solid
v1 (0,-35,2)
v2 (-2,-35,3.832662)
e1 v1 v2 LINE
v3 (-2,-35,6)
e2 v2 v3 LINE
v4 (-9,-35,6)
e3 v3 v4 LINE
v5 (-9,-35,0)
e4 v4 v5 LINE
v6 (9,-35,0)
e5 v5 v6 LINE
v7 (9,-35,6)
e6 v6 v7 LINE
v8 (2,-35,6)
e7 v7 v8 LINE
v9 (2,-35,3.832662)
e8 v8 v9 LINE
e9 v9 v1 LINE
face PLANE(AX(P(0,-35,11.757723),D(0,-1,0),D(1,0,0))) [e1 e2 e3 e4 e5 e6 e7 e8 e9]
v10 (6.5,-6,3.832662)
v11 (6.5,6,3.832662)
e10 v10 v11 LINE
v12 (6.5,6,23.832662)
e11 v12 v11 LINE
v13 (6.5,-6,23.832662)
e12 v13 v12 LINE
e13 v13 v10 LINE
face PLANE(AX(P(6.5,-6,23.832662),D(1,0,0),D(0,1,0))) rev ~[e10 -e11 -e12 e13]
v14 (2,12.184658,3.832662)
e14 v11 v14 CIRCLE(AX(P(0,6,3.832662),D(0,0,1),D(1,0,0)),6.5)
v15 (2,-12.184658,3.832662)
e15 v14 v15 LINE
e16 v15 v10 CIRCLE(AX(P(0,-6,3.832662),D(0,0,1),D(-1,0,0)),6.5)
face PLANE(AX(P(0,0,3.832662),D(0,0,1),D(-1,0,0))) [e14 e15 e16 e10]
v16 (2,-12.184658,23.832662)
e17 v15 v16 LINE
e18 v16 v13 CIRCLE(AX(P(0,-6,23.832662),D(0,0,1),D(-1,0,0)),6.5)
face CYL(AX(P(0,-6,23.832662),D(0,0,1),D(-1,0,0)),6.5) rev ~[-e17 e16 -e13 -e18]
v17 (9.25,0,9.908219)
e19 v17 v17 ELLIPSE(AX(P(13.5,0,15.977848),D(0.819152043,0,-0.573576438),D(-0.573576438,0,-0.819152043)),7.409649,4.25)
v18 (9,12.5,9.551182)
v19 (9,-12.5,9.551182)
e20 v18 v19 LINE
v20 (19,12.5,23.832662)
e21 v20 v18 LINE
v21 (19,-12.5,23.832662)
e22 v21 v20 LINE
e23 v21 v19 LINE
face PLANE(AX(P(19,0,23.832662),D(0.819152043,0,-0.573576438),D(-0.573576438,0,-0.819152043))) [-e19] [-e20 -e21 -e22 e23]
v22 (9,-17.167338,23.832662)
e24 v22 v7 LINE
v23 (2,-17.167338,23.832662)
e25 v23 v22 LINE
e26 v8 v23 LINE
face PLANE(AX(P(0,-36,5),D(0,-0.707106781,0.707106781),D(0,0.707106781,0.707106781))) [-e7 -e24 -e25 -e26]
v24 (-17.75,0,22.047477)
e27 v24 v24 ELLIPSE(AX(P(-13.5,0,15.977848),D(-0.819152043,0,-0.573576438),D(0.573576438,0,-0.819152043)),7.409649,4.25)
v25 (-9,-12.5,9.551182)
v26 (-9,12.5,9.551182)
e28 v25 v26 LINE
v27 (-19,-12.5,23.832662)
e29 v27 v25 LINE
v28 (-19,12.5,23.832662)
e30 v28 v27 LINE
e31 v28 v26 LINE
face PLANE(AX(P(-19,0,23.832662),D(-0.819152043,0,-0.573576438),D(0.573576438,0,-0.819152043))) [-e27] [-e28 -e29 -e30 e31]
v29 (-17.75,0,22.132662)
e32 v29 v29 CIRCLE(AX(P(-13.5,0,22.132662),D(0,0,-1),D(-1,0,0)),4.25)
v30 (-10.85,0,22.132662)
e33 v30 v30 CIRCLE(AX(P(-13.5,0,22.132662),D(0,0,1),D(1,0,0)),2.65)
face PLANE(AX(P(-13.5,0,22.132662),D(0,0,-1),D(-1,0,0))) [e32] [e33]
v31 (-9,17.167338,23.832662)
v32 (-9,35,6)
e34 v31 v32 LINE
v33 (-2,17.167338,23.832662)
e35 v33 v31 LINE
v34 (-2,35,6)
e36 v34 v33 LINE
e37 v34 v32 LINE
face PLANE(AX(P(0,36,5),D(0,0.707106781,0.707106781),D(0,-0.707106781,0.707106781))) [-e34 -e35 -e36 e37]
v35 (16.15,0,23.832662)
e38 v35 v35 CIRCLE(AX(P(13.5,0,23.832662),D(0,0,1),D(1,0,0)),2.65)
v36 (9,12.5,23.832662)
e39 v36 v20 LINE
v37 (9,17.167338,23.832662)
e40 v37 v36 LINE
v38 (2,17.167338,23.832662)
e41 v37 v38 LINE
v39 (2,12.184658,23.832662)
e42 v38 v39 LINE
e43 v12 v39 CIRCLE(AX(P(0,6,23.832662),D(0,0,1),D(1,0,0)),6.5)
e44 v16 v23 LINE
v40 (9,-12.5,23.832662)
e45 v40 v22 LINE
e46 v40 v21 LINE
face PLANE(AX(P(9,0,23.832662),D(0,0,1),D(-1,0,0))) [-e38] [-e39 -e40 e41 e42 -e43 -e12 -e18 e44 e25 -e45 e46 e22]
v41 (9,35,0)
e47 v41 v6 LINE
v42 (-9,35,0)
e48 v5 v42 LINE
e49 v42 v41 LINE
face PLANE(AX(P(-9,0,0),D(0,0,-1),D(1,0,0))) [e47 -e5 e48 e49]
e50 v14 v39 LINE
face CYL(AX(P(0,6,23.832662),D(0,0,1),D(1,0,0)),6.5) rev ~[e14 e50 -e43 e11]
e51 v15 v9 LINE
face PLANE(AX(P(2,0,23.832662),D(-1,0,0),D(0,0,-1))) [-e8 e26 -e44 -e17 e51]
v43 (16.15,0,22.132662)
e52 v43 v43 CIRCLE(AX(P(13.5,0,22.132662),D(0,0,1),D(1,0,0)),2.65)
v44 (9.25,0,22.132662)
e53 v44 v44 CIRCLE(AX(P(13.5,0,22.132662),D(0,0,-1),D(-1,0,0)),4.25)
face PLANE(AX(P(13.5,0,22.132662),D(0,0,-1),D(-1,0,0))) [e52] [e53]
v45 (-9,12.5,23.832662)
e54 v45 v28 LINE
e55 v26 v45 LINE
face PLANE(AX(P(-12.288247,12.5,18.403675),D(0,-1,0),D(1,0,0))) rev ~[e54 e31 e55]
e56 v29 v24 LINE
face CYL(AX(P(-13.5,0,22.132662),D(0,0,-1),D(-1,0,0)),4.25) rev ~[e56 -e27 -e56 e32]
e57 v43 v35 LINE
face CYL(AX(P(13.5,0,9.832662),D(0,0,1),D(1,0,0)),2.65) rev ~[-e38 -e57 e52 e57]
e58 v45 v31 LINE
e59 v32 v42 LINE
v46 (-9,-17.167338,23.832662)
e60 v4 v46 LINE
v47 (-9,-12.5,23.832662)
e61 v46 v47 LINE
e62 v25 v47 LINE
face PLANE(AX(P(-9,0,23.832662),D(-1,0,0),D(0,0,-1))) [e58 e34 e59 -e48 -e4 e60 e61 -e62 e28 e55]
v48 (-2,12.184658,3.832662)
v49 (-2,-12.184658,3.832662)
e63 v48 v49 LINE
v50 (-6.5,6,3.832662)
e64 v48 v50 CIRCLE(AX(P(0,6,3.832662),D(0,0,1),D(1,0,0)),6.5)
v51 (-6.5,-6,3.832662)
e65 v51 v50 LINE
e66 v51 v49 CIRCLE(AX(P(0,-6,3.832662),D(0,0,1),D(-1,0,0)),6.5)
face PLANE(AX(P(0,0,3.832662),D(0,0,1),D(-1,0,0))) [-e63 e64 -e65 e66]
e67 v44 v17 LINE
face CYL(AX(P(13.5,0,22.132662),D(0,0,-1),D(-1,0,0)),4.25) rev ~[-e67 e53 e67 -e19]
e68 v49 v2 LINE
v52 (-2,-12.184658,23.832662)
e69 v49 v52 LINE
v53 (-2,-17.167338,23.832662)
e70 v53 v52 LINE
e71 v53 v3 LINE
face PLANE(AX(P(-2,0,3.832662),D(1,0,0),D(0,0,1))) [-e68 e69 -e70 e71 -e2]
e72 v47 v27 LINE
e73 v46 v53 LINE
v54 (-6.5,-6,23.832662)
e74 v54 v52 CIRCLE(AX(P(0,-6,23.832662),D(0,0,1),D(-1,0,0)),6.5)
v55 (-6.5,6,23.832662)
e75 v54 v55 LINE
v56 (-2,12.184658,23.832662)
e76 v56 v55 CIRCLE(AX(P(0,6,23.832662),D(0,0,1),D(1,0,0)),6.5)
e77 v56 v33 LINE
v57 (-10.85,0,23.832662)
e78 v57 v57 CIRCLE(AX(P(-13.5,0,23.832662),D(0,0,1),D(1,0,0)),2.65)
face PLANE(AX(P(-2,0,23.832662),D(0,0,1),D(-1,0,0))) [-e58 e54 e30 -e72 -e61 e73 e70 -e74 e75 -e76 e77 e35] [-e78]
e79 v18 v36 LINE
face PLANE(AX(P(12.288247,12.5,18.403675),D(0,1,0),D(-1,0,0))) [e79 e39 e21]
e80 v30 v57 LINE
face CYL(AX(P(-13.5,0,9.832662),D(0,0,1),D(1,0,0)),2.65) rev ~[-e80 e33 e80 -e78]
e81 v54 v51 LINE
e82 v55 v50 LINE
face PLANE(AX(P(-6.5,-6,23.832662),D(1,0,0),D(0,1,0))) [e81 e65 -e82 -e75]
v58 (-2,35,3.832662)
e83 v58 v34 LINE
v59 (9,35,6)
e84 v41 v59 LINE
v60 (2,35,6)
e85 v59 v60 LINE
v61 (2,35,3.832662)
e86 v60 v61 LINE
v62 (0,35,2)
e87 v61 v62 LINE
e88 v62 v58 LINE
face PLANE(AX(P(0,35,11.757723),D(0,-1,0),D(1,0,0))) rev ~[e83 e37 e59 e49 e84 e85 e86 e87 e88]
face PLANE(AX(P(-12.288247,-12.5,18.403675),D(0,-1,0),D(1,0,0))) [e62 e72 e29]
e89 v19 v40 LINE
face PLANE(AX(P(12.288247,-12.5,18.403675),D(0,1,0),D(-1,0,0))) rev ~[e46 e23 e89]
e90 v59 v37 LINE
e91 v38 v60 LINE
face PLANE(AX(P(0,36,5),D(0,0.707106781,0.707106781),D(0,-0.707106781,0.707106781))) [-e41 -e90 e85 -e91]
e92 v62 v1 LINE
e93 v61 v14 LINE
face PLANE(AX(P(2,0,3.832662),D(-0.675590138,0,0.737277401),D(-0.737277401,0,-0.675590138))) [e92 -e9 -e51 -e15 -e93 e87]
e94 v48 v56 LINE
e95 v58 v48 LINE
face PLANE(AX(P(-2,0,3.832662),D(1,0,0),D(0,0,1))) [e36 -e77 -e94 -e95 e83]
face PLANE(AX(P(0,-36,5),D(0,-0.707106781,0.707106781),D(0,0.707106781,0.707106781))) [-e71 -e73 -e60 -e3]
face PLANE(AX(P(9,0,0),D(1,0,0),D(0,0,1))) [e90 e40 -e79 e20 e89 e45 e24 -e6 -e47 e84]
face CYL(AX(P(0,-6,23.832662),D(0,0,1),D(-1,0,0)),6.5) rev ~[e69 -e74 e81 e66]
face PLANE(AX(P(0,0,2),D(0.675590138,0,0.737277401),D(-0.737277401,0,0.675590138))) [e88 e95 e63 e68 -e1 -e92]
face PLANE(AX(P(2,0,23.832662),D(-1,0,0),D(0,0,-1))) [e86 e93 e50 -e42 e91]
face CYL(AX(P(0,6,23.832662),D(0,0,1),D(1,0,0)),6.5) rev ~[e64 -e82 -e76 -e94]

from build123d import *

# Parameters (mm, degrees)
PAD_DEPTH        = 35
POCKET_DEPTH     = 20
PAD001_DEPTH     = 12.5
HOLE_D           = 5.3
HOLE_DEPTH       = 25
HOLE_CBORE_D     = 8.5
HOLE_CBORE_DEPTH = 12.3
POCKET001_DEPTH  = 11


with BuildPart() as part:
    # Sketch → Pad (new body, symmetric)
    with BuildSketch(Plane.XZ):
        Polygon((-9, 0), (9, 0), (9, 23.832662), (2, 23.832662), (2, 3.832662), (0, 2), (-2, 3.832662), (-2, 23.832662), (-9, 23.832662), align=None)
    extrude(amount=PAD_DEPTH, both=True)

    # Sketch001 (on Face3 of Pad) → Pocket (cut)
    with BuildSketch(Plane(origin=(0, 0, 23.832662), x_dir=(-1, 0, 0), z_dir=(0, 0, 1))):
        with BuildLine():
            ThreePointArc((6.5, 6), (0, 12.5), (-6.5, 6))
            Line((-6.5, 6), (-6.5, -6))
            ThreePointArc((-6.5, -6), (0, -12.5), (6.5, -6))
            Line((6.5, 6), (6.5, -6))
        make_face()
    extrude(amount=-POCKET_DEPTH, mode=Mode.SUBTRACT)

    # Sketch002 → Pad001 (join, symmetric)
    with BuildSketch(Plane.XZ):
        Polygon((9, 23.832662), (19, 23.832662), (9, 9.551182), align=None)
        Polygon((-9, 23.832662), (-19, 23.832662), (-9, 9.551182), align=None)
    extrude(amount=PAD001_DEPTH, both=True)

    # Hole
    with Locations(Plane(origin=(0, 0, 9.832662), x_dir=(-1, 0, 0), z_dir=(0, 0, -1))):
        with Locations((-13.5, 0), (13.5, 0)):
            CounterBoreHole(HOLE_D / 2, HOLE_CBORE_D / 2, HOLE_CBORE_DEPTH, depth=HOLE_DEPTH)

    # Sketch005 → Pocket001 (cut, symmetric)
    with BuildSketch(Plane.YZ):
        Polygon((-36, 25), (-36, 5), (-16, 25), align=None)
        Polygon((16, 25), (36, 25), (36, 5), align=None)
    extrude(amount=POCKET001_DEPTH, both=True, mode=Mode.SUBTRACT)


solid = part.part
